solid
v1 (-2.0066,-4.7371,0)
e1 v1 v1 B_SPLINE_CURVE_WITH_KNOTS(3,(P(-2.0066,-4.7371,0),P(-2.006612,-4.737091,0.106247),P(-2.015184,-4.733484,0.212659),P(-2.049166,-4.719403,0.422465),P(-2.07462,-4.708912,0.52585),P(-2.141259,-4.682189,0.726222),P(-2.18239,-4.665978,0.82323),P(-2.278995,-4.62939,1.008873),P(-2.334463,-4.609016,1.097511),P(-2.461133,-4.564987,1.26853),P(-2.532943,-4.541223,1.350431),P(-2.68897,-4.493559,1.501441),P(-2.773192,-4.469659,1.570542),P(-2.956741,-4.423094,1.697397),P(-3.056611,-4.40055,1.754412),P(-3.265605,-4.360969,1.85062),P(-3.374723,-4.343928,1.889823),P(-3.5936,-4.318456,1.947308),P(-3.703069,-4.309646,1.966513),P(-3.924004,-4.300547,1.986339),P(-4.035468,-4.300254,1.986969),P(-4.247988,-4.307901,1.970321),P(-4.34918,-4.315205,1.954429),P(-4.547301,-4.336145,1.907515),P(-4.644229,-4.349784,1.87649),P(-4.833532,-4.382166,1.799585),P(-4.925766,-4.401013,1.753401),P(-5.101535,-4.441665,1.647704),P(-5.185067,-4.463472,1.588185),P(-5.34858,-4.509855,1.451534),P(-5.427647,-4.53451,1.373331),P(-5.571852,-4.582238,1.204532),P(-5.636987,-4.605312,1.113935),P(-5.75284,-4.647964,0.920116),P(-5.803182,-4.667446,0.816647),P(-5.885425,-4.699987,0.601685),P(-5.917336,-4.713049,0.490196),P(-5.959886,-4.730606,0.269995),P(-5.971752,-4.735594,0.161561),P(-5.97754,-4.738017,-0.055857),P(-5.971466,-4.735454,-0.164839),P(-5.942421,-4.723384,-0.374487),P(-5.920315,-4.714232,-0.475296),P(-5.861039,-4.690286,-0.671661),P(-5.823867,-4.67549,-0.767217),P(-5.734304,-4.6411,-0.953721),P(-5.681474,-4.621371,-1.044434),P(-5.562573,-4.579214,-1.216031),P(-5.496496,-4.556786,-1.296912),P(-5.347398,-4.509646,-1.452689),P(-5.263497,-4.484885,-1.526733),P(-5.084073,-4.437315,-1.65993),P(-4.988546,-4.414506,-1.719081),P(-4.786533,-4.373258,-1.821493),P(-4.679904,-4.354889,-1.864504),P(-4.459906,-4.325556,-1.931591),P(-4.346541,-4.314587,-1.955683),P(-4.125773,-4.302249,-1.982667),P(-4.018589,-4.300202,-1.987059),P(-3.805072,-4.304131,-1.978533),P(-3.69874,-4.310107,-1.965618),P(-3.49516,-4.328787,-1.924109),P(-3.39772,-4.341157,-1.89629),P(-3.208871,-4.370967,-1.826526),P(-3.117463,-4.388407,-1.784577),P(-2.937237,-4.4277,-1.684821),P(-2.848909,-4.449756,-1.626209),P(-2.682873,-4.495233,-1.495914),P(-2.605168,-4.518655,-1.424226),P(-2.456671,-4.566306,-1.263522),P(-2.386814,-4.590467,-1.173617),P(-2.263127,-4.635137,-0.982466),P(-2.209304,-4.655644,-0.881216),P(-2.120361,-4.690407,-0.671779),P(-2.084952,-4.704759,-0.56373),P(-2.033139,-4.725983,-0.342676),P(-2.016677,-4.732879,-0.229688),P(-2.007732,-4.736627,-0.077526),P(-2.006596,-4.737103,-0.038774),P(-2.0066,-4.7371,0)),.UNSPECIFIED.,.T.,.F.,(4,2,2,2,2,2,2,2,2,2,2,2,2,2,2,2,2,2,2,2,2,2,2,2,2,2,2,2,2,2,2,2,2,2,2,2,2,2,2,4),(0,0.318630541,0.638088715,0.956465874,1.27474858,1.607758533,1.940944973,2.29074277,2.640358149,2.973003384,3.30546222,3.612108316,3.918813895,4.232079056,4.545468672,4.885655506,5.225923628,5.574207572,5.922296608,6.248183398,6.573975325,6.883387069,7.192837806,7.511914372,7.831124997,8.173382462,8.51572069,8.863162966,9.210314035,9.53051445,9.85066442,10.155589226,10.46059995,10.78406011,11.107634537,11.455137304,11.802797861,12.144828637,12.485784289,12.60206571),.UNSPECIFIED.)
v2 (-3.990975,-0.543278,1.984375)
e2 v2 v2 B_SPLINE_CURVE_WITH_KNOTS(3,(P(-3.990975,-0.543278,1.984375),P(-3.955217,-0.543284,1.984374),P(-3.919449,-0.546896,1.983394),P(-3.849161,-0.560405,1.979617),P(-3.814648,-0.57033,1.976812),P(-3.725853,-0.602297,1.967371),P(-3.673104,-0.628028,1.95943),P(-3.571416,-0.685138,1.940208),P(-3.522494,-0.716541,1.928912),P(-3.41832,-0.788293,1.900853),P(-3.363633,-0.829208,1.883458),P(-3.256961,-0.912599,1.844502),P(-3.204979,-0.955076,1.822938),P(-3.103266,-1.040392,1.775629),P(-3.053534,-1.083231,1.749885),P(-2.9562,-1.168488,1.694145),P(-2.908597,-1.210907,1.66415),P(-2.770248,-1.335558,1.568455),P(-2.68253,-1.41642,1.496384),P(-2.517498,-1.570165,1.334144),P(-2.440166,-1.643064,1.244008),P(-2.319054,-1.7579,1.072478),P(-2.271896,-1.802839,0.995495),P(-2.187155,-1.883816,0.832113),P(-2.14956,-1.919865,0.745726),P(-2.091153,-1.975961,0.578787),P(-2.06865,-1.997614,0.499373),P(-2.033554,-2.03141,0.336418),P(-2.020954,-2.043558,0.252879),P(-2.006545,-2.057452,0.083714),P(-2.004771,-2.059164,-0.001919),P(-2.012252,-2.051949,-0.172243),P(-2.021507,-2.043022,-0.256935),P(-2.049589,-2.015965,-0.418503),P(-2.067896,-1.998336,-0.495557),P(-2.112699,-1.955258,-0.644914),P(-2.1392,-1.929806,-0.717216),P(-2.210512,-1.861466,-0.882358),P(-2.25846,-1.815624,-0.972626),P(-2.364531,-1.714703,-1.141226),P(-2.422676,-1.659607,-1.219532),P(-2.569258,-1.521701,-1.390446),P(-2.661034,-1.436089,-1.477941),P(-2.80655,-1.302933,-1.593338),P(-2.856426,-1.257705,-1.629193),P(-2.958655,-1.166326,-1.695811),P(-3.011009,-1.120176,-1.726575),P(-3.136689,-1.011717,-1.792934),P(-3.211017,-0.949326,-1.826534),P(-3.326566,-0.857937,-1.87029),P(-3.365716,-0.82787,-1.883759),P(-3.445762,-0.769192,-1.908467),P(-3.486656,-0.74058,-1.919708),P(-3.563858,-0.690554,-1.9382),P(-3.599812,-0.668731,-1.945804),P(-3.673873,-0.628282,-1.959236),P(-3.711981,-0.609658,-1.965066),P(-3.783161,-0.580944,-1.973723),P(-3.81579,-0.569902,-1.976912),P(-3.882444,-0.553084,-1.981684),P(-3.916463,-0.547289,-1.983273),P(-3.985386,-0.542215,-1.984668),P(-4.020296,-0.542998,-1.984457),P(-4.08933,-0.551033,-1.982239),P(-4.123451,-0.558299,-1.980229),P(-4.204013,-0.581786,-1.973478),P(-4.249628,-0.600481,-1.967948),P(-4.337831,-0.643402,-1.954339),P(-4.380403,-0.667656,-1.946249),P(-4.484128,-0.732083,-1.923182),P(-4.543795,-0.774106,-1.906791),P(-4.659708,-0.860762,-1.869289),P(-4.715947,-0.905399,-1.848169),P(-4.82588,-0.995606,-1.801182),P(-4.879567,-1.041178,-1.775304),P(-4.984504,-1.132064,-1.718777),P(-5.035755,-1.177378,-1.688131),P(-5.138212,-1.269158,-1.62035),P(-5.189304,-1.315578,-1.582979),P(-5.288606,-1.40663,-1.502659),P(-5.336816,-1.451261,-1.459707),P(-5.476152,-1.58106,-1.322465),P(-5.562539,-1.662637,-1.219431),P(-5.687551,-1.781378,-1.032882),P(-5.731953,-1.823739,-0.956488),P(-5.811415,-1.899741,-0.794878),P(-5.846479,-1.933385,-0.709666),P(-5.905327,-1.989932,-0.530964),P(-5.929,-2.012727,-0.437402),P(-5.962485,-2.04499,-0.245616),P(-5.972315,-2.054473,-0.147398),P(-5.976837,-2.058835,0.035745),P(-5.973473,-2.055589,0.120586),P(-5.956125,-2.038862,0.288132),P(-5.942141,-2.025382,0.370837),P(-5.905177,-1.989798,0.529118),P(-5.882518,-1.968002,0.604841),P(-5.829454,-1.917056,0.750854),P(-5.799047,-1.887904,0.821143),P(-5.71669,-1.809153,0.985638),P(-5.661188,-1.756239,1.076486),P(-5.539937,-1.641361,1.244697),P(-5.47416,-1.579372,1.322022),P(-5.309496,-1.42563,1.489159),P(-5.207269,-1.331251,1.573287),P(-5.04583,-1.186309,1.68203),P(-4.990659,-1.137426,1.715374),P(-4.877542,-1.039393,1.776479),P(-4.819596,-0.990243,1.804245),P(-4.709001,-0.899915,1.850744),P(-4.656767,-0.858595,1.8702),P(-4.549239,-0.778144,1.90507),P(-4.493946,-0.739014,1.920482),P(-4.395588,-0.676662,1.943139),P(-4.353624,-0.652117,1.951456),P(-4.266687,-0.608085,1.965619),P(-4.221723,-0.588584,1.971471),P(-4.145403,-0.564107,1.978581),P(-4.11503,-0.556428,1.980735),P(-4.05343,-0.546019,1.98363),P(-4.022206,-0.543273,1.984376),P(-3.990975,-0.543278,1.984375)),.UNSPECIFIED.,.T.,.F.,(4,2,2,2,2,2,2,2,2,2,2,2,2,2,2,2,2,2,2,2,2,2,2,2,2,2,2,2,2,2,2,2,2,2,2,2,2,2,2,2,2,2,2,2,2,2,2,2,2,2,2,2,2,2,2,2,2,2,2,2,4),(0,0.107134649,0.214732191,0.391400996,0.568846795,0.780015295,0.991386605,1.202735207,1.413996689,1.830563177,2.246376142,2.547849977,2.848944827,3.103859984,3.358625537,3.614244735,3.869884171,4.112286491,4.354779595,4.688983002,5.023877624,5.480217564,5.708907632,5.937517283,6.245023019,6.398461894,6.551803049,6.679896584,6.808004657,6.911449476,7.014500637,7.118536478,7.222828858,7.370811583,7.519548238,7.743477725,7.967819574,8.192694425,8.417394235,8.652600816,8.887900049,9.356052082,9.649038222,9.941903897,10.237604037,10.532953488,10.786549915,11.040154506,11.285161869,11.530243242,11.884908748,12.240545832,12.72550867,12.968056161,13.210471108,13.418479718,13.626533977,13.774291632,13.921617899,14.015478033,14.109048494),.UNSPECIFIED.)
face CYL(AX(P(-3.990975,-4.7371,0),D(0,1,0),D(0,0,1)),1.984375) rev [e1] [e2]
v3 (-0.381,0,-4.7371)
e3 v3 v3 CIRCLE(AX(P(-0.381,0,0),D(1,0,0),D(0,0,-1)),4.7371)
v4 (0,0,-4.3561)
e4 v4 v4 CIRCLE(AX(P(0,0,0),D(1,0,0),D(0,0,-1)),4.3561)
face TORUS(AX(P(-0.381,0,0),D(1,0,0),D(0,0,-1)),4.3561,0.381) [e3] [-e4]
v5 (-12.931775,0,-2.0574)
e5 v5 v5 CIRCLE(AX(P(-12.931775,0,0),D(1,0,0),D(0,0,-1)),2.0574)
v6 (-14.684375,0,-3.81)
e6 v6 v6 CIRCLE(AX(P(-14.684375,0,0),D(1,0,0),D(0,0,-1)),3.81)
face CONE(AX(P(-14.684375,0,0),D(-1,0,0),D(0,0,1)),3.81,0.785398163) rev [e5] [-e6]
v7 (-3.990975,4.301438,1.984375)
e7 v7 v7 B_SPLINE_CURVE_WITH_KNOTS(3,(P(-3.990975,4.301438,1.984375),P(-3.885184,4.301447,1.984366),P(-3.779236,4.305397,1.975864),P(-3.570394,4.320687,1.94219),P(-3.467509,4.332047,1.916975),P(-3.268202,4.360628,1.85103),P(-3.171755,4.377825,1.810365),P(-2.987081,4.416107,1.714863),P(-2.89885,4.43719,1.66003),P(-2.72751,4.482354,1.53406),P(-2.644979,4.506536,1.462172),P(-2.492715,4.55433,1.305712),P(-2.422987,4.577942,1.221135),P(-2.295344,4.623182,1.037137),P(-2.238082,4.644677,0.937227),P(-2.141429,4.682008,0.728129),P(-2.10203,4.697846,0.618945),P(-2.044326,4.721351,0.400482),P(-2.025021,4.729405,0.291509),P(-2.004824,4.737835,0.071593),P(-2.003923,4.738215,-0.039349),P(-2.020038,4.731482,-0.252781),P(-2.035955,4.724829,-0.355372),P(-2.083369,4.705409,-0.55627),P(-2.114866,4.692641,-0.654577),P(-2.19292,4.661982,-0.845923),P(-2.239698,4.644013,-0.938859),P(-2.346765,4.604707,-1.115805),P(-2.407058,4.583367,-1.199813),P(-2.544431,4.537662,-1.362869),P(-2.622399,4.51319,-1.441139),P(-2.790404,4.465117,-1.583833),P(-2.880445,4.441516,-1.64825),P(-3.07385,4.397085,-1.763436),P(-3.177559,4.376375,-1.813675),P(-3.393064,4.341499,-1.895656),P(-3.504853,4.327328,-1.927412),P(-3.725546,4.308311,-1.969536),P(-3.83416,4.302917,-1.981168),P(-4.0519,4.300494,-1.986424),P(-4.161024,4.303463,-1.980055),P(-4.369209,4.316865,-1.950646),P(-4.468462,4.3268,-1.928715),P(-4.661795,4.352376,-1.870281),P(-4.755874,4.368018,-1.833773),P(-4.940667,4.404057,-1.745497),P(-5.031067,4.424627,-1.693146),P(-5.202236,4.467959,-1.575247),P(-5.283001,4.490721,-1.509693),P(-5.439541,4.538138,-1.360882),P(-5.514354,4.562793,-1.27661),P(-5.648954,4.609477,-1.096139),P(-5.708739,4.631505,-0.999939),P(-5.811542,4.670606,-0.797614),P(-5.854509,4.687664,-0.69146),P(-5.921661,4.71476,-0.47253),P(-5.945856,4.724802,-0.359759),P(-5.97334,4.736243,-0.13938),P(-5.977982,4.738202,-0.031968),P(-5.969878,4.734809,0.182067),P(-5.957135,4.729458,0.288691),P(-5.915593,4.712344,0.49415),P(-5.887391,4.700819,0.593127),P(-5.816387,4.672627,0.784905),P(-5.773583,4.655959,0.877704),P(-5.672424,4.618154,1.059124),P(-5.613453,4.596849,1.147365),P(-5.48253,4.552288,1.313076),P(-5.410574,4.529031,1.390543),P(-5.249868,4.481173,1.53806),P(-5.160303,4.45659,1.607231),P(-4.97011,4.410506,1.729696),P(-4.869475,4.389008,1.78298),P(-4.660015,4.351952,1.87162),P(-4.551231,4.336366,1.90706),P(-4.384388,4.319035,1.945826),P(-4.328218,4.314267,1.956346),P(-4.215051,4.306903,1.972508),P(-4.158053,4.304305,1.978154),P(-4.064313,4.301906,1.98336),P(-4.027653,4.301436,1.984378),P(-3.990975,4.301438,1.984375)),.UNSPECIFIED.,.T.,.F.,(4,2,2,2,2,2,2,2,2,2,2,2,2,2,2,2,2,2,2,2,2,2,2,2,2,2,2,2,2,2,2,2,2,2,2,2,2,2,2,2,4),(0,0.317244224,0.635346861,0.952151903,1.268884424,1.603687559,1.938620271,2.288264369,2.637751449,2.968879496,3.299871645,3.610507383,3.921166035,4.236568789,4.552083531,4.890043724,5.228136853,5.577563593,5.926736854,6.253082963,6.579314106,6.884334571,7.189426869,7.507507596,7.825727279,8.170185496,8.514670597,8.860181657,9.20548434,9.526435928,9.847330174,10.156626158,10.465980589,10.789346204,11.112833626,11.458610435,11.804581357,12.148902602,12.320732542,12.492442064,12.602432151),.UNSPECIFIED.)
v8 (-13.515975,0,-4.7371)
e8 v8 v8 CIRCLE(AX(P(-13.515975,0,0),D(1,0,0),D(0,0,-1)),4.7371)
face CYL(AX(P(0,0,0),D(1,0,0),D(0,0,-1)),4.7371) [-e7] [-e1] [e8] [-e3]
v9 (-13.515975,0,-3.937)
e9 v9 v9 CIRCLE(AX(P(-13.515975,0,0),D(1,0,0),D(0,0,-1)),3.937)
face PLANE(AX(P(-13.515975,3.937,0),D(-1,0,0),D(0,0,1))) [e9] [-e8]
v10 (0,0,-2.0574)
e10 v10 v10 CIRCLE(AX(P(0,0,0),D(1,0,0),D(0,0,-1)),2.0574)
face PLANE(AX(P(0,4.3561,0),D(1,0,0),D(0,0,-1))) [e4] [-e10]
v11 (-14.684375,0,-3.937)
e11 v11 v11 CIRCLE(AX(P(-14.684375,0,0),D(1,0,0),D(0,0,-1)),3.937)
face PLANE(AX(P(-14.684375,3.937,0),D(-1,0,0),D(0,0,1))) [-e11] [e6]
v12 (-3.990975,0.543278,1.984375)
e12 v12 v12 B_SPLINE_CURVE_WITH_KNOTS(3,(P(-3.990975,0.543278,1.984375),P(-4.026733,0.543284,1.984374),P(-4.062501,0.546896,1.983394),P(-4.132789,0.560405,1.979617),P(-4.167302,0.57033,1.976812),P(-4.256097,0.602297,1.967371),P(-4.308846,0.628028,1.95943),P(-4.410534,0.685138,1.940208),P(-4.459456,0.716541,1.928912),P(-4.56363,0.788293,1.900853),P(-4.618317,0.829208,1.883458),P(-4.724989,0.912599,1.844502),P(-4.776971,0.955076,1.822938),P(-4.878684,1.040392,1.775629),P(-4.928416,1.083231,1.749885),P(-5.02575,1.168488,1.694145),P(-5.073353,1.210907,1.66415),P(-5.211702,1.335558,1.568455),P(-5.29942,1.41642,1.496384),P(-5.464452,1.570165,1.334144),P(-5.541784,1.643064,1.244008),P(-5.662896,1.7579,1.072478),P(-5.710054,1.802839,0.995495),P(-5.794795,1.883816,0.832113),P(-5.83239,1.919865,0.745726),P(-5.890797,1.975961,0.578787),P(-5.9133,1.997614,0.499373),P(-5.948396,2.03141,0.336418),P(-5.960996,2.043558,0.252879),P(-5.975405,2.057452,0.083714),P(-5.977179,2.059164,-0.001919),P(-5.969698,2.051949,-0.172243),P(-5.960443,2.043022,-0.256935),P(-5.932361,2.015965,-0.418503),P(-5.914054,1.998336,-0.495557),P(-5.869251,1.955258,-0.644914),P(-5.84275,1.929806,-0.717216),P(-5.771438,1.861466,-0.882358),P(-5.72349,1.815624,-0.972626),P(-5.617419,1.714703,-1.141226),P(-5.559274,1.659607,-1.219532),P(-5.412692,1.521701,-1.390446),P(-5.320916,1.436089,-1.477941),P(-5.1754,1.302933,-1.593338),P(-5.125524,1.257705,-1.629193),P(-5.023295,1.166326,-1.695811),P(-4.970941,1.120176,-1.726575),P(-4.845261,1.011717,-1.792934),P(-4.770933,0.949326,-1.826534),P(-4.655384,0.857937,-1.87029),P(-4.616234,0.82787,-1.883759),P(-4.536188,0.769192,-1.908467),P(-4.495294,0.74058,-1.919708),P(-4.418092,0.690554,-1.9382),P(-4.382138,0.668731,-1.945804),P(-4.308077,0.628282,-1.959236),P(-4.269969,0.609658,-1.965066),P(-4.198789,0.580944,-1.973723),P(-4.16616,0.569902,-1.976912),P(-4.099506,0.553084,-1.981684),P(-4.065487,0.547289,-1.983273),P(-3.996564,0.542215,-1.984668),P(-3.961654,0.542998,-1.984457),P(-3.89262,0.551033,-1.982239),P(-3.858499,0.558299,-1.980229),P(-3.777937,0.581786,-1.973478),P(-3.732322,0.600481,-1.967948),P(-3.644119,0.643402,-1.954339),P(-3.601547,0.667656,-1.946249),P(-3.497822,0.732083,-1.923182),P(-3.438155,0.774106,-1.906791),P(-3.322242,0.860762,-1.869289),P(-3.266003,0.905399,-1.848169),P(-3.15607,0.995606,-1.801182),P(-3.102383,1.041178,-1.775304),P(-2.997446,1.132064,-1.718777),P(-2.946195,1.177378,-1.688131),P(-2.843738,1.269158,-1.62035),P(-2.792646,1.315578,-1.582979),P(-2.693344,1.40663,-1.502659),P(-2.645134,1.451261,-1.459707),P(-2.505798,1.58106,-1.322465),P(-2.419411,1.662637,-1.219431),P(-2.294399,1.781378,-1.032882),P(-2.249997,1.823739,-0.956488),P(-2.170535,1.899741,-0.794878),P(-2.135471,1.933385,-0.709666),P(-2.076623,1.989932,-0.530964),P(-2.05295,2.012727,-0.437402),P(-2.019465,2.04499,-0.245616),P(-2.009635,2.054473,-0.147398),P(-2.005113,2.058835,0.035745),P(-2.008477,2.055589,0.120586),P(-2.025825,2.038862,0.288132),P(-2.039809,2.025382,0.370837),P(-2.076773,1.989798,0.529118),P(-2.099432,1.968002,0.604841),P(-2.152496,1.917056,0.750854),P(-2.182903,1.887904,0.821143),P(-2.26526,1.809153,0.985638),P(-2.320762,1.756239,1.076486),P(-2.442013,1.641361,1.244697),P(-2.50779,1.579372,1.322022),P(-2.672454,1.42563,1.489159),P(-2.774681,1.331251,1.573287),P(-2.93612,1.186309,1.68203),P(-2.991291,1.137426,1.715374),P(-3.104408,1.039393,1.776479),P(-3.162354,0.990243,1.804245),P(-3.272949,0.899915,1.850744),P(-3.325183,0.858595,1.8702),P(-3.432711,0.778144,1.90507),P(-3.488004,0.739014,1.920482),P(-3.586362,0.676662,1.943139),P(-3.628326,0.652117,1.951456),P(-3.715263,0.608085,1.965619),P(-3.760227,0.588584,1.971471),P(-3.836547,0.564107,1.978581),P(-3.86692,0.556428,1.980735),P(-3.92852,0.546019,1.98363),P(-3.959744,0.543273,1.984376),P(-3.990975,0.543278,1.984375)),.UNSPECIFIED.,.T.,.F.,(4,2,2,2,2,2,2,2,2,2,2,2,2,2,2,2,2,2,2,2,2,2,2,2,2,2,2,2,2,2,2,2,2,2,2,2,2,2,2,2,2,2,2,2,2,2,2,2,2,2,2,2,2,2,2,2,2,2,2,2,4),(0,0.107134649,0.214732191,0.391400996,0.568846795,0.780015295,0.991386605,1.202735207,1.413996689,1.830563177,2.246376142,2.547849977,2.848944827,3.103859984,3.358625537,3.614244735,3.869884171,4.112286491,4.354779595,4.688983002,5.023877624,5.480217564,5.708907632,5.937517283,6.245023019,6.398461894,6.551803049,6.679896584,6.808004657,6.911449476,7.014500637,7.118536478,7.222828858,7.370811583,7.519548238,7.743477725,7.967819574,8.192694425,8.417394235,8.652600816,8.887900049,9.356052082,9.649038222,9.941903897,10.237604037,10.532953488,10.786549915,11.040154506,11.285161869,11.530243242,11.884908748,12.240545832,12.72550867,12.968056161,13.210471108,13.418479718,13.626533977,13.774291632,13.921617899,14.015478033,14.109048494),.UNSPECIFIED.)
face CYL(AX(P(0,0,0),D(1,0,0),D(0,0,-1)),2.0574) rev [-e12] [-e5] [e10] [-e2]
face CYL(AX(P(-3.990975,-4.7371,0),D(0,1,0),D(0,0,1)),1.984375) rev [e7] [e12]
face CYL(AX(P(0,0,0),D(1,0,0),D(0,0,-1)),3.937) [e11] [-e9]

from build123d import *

# Parameters (mm, degrees)
SKETCH2_R               = 1.984375
CUT_EXTRUDE1_DEPTH      = 5.7371001
CUT_EXTRUDE1_DEPTH_BACK = 5.7371001


with BuildPart() as part:
    # Sketch1 → Revolve1 (revolve)
    with BuildSketch(Plane.XY):
        with BuildLine():
            Line((0, 2.0574), (-12.931775, 2.0574))
            Line((-12.931775, 2.0574), (-14.684375, 3.81))
            Line((-14.684375, 3.81), (-14.684375, 3.937))
            Line((-14.684375, 3.937), (-13.515975, 3.937))
            Line((-13.515975, 3.937), (-13.515975, 4.7371))
            Line((-13.515975, 4.7371), (-0.381, 4.7371))
            ThreePointArc((-0.381, 4.7371), (-0.111592316, 4.625507684), (0, 4.3561))
            Line((0, 4.3561), (0, 2.0574))
        make_face()
    revolve(axis=Axis((0, 0, 0), (-1, 0, 0)))

    # Sketch2 → Cut-Extrude1 (cut, two sides)
    with BuildSketch(Plane(origin=(0, 0, 0), x_dir=(1, 0, 0), z_dir=(0, 1, 0))) as cut_extrude1_sk:
        with Locations((-3.990975, 0)):
            Circle(SKETCH2_R)
    extrude(amount=CUT_EXTRUDE1_DEPTH, mode=Mode.SUBTRACT)
    extrude(cut_extrude1_sk.sketch, amount=-CUT_EXTRUDE1_DEPTH_BACK, mode=Mode.SUBTRACT)


solid = part.part
